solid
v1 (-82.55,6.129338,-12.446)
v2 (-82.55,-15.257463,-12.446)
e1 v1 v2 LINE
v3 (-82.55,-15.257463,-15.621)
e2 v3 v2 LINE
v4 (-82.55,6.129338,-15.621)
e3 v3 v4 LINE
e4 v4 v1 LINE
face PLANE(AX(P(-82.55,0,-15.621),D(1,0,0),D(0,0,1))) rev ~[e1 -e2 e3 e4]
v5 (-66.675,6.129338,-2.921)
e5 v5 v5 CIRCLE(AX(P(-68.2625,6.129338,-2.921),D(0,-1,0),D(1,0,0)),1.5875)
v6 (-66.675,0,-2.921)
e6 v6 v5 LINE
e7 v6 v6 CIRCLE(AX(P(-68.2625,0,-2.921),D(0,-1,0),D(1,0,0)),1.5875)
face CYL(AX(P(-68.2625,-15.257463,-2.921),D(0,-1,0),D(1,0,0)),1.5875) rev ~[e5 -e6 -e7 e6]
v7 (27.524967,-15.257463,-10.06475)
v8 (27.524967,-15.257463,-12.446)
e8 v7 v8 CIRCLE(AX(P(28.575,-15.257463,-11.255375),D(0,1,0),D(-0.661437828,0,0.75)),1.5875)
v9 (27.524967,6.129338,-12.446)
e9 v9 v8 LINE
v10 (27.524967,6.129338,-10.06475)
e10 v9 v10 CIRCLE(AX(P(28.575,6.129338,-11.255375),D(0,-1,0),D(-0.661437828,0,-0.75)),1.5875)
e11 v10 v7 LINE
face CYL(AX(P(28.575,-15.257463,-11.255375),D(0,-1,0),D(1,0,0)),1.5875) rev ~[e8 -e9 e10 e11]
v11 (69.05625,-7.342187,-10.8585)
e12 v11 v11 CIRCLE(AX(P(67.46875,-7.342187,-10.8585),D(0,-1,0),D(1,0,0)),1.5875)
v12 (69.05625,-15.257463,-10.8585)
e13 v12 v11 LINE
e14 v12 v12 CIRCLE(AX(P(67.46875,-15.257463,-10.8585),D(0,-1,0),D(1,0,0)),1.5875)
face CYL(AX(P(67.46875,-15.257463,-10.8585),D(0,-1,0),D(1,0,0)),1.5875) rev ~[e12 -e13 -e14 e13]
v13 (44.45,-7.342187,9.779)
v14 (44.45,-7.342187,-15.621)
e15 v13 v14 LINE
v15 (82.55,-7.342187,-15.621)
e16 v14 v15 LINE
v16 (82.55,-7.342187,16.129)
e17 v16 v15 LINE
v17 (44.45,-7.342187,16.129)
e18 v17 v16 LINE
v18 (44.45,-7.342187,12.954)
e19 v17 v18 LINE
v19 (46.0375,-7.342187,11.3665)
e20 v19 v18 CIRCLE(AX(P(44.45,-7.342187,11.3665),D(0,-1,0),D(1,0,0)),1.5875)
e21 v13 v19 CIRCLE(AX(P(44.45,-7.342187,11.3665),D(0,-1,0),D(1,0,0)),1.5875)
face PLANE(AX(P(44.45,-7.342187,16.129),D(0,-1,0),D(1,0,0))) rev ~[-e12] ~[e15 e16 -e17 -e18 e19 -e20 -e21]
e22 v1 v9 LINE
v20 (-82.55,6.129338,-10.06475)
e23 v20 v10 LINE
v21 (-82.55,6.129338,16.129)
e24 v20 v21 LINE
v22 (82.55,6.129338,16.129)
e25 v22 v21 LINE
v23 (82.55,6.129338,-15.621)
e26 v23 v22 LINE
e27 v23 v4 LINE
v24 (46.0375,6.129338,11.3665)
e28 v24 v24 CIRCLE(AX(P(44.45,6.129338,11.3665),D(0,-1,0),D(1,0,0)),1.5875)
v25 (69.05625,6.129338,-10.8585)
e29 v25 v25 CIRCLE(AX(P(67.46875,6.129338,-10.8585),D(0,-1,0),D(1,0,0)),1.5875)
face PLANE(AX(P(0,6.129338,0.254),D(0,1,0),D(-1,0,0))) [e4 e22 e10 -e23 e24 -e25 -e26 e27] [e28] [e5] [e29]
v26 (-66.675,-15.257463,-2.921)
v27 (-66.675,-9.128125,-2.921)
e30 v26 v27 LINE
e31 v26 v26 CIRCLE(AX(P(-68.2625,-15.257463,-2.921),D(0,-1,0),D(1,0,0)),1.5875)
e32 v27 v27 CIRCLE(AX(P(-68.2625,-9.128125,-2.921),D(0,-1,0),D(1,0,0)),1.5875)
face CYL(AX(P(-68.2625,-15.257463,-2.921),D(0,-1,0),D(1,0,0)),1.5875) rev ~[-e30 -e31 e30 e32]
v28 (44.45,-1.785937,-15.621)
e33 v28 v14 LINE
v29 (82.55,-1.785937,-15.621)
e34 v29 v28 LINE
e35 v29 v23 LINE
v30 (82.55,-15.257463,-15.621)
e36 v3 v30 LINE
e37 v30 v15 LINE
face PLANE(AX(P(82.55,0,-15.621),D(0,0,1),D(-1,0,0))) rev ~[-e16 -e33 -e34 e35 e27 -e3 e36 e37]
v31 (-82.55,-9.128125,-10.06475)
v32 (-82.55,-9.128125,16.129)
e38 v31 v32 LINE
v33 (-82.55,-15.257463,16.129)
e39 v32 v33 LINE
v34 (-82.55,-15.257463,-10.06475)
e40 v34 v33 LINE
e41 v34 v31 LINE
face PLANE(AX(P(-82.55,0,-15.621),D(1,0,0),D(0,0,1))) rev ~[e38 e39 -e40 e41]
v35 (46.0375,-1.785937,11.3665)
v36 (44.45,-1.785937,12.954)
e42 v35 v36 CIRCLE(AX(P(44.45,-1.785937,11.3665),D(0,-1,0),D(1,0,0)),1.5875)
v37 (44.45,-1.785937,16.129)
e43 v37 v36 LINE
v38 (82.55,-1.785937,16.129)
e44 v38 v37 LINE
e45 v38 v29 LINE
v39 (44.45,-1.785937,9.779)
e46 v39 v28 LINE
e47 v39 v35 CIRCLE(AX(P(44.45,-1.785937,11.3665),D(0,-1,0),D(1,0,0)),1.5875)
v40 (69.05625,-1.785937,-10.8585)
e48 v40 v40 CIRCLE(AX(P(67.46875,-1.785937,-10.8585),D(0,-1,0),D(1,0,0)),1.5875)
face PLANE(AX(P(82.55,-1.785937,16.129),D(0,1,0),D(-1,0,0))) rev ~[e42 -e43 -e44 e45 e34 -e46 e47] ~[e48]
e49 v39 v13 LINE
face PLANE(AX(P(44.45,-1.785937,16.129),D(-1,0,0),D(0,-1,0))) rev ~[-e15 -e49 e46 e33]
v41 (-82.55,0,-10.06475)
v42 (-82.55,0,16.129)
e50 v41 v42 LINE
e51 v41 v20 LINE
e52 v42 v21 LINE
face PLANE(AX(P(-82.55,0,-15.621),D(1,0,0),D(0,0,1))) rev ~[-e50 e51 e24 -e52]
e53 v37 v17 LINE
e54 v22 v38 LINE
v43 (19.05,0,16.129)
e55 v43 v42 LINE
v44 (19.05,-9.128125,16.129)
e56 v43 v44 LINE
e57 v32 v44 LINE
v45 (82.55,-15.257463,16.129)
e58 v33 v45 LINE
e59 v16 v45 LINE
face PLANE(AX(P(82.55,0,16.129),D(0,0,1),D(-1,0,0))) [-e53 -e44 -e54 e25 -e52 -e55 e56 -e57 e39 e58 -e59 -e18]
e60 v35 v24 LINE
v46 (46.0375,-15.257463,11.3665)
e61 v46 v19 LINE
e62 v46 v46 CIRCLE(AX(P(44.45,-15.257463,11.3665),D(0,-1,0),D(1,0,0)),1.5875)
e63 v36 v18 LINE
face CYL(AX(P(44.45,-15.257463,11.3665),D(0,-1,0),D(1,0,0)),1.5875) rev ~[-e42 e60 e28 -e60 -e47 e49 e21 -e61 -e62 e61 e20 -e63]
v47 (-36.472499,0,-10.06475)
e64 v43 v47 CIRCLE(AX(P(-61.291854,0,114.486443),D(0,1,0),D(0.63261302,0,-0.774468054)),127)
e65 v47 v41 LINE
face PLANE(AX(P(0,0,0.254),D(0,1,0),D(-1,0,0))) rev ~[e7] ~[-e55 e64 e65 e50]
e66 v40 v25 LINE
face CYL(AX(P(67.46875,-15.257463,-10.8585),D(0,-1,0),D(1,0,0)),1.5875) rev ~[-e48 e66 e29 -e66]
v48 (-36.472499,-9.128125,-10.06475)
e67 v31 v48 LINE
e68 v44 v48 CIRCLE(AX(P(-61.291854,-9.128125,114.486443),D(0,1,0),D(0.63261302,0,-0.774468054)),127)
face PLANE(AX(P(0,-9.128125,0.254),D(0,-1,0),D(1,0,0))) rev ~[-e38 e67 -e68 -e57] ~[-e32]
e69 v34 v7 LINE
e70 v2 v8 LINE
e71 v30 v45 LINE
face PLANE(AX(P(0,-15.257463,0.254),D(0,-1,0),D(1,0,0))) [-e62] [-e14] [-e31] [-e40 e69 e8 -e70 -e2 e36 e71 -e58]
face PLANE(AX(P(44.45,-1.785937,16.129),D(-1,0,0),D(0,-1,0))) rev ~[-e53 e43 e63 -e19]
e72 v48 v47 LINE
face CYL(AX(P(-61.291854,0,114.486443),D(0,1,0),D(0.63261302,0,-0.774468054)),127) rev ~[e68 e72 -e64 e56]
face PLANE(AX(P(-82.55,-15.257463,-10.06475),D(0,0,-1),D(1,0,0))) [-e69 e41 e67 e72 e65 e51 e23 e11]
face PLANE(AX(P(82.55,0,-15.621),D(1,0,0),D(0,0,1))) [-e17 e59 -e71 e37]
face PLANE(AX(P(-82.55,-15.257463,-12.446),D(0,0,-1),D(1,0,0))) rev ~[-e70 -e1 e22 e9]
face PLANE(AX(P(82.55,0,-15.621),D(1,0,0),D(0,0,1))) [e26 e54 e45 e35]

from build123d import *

# Parameters (mm, degrees)
F1_DEPTH  = 9.128125
F2_W      = 165.1
F2_H      = 31.75
F3_DEPTH  = 6.1293375
F4_W      = 165.1
F4_H      = 31.75
F5_DEPTH  = 6.1293375
F6_W      = 111.125
F6_H      = 2.38125
F7_DEPTH  = 21.3868
F8_R      = 1.5875
F9_DEPTH  = 21.3868
F11_DEPTH = 31.75


with BuildPart() as f1:
    # F0 (on Front) → F1 (new body)
    with BuildSketch(Plane.XZ):
        with BuildLine():
            Line((-57.15, -12.446), (-82.55, -12.446))
            Line((-82.55, -12.446), (-82.55, -15.621))
            Line((-82.55, -15.621), (82.55, -15.621))
            Line((82.55, -15.621), (82.55, 16.129))
            Line((82.55, 16.129), (19.05, 16.129))
            ThreePointArc((19.05, 16.129), (-16.6991764887, -4.4273626968), (-57.15, -12.446))
        make_face()
    extrude(amount=F1_DEPTH)

    # F2 (on face) → F3 (join)
    with BuildSketch(Plane.XZ.offset(9.128125)):
        with Locations((0, 0.254)):
            Rectangle(F2_W, F2_H)
    extrude(amount=F3_DEPTH)

    # F4 (on face) → F5 (join)
    with BuildSketch(Plane(origin=(0, 0, 0), x_dir=(-1, 0, 0), z_dir=(0, 1, 0))):
        with Locations((0, 0.254)):
            Rectangle(F4_W, F4_H)
    extrude(amount=F5_DEPTH)

    # F6 (on face) → F7 (cut, through all)
    with BuildSketch(Plane.XZ.offset(15.2574625)):
        with Locations((-26.9875, -11.255375)):
            Rectangle(F6_W, F6_H)
    extrude(amount=-F7_DEPTH, mode=Mode.SUBTRACT)

    # F8 (on face) → F9 (cut, through all)
    with BuildSketch(Plane.XZ.offset(15.2574625)):
        with Locations((-68.2625, -2.921)):
            Circle(F8_R)
        with Locations((28.575, -11.255375)):
            Circle(F8_R)
        with Locations((44.45, 11.3665)):
            Circle(F8_R)
        with Locations((67.46875, -10.8585)):
            Circle(F8_R)
    extrude(amount=-F9_DEPTH, mode=Mode.SUBTRACT)

    # F10 (on face) → F11 (cut, through all)
    with BuildSketch(Plane.XY.offset(16.129)):
        Polygon((82.55, -7.3421875), (82.55, -1.7859375), (44.45, -1.7859375), (44.45, -7.3421875), align=None)
    extrude(amount=-F11_DEPTH, mode=Mode.SUBTRACT)


solid = f1.part
